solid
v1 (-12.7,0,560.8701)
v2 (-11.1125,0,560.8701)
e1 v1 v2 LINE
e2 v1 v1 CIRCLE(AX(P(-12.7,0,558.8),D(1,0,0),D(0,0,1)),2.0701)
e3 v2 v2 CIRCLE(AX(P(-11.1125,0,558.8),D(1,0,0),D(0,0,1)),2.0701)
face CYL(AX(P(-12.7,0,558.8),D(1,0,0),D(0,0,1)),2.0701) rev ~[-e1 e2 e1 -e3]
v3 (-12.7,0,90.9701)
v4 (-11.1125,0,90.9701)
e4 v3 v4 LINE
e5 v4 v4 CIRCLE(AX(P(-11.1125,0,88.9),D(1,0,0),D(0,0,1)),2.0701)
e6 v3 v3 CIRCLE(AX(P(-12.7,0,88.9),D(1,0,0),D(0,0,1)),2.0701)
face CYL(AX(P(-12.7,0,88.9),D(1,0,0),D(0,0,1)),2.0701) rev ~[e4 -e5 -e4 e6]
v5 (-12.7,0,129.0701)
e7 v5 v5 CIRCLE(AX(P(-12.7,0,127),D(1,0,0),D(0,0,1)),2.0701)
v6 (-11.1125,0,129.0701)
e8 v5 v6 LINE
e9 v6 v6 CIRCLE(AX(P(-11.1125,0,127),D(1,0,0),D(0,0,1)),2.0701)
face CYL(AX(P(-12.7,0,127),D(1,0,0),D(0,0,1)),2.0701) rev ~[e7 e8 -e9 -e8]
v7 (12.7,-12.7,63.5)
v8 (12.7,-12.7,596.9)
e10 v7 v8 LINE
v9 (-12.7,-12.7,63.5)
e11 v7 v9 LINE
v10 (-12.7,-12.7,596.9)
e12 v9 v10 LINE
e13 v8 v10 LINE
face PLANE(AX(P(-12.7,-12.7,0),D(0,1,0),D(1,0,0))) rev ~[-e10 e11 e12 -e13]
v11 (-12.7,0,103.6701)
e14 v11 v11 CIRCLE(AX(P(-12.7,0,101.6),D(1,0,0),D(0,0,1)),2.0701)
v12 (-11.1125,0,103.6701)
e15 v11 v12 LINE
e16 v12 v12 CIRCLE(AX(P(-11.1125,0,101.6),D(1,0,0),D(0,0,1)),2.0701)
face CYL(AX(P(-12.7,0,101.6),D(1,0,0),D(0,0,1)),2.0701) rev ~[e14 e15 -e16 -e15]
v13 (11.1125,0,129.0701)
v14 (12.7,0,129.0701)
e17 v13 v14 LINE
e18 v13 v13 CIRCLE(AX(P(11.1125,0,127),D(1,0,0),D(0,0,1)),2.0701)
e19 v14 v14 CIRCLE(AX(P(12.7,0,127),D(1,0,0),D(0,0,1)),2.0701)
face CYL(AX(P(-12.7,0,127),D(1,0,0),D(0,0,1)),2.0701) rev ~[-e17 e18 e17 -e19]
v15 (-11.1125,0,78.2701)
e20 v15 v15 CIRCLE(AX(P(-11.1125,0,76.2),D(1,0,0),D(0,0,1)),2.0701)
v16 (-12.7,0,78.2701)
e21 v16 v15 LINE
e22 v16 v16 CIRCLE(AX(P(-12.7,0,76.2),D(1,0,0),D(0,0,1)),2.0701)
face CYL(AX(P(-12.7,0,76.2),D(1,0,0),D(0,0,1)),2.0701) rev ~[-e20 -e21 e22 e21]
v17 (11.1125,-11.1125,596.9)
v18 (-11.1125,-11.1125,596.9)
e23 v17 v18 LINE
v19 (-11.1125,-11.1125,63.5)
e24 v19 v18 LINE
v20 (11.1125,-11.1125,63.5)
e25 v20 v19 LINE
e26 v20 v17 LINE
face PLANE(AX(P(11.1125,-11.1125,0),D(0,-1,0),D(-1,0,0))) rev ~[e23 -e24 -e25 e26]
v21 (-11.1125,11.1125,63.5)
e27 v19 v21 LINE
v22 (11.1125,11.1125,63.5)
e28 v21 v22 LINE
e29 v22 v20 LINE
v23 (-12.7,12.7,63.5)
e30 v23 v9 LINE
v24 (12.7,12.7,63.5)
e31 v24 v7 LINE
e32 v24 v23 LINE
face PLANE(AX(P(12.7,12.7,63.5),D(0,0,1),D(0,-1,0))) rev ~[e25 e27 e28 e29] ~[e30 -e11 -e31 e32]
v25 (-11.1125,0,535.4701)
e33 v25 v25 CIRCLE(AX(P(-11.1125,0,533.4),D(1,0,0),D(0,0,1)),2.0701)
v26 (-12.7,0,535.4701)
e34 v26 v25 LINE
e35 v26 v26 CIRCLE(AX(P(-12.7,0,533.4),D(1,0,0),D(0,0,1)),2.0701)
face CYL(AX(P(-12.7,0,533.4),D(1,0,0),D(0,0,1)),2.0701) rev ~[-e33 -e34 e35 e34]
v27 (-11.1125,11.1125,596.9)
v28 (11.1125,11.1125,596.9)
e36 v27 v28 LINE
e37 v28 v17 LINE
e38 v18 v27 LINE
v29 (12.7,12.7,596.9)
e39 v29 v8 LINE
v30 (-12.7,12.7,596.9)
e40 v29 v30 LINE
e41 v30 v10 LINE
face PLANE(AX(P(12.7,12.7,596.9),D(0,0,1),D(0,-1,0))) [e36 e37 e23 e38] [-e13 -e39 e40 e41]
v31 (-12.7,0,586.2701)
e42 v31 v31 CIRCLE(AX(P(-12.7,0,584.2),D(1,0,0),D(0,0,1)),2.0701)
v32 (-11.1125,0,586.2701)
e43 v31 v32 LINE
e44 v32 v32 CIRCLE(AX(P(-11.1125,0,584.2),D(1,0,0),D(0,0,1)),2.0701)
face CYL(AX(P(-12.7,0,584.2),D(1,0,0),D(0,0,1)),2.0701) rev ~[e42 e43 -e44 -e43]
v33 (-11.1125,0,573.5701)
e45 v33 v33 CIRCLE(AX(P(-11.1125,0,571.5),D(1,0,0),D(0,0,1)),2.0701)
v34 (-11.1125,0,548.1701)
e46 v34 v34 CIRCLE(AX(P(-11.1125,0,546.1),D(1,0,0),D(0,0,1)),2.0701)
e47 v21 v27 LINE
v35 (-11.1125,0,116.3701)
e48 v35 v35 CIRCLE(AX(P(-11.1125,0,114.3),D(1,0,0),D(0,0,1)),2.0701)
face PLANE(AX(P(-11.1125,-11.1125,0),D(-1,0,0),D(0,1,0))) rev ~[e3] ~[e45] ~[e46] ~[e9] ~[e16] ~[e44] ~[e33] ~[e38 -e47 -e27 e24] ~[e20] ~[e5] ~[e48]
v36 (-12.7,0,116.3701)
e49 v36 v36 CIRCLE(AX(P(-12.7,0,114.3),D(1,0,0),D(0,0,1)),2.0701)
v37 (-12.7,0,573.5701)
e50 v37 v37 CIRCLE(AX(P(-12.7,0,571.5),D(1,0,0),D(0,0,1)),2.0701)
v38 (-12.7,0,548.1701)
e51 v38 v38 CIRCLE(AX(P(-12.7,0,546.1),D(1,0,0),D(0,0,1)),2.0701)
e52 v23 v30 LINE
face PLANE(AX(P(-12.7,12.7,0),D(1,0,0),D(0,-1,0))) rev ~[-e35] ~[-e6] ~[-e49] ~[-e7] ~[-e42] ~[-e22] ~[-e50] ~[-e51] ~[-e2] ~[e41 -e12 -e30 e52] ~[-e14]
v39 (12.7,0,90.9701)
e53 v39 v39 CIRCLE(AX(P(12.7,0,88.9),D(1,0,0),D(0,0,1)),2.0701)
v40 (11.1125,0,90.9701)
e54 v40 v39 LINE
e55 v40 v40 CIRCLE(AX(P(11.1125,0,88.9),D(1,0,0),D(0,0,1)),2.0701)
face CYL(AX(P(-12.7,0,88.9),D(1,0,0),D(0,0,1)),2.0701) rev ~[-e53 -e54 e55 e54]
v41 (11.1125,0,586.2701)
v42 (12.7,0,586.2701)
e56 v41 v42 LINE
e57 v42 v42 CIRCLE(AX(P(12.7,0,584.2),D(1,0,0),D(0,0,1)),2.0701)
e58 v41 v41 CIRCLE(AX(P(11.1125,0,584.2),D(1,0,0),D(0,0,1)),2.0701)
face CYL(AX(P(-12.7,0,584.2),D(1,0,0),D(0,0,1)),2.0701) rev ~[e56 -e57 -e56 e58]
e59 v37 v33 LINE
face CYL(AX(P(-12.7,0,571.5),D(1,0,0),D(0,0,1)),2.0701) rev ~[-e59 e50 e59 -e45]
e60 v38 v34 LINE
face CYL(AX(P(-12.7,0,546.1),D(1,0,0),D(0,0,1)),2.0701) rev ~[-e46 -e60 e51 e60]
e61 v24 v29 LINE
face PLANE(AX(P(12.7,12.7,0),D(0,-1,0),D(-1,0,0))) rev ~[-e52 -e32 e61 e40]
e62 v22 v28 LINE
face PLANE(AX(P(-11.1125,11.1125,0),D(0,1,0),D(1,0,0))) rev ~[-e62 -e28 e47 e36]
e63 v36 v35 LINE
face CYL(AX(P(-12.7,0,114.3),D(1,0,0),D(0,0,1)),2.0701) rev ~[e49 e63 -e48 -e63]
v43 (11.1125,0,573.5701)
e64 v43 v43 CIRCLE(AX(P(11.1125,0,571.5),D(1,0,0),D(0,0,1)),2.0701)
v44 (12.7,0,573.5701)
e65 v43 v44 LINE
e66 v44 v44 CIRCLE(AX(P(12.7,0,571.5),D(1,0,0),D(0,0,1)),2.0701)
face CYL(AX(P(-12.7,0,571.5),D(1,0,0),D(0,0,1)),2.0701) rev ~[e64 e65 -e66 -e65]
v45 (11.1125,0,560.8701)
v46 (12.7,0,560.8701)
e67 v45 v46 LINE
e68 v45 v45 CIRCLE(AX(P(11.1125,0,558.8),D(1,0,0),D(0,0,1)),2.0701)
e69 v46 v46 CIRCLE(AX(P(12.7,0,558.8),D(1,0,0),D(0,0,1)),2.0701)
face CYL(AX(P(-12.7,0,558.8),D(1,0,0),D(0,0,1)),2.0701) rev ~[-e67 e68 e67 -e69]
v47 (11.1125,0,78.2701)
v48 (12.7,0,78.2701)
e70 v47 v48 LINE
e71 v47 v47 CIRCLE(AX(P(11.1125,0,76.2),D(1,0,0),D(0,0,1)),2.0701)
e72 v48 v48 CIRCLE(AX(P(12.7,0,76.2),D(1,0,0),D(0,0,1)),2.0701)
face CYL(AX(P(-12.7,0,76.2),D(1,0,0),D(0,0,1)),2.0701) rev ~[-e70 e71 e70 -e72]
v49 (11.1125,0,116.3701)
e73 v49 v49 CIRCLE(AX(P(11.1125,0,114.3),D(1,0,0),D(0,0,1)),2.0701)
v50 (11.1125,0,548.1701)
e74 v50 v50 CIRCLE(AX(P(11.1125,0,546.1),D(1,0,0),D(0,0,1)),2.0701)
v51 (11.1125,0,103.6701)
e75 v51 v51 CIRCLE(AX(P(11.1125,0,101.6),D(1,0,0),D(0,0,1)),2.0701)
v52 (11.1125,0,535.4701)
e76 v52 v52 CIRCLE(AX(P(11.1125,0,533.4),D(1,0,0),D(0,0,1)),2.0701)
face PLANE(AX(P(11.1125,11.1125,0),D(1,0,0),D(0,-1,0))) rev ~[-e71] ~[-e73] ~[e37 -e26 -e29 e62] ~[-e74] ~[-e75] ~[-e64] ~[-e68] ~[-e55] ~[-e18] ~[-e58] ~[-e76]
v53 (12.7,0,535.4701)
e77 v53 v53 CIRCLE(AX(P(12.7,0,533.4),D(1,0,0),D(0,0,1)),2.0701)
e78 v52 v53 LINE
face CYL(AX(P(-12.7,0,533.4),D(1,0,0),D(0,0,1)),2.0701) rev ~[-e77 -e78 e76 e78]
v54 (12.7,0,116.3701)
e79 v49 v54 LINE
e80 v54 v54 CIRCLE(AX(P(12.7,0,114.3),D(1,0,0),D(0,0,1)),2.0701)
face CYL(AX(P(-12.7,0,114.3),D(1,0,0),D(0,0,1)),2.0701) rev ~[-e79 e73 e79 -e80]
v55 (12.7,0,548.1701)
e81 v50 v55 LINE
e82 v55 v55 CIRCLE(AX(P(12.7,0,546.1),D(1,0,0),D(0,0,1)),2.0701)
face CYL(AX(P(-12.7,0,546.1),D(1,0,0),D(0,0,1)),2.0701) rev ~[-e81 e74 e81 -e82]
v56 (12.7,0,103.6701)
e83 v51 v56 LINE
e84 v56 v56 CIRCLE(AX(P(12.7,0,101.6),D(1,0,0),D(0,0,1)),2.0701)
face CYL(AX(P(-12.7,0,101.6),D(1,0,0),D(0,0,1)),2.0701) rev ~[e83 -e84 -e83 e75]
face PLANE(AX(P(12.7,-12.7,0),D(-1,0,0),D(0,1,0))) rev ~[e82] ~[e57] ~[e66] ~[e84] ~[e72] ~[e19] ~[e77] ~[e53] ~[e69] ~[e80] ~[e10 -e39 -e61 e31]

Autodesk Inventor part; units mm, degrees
ref_plane "YZ Plane" through (0, 0, 0) normal (1, 0, 0) x (0, 1, 0)
ref_plane "XZ Plane" through (0, 0, 0) normal (0, 1, 0) x (-1, 0, 0)
sketch "Sketch1" plane through (0, 0, 0) normal (0, 0, 1) x (1, 0, 0)
  line L0 (-12.7, -12.7) -> (12.7, -12.7)
  line L1 (12.7, -12.7) -> (12.7, 12.7)
  line L2 (12.7, 12.7) -> (-12.7, 12.7)
  line L3 (-12.7, 12.7) -> (-12.7, -12.7)
  line L4 (-12.7, -12.7) -> (12.7, 12.7) construction
  line L5 (12.7, -12.7) -> (-12.7, 12.7) construction
  line L6 (9.525, -9.525) -> (-9.525, -9.525)
  line L7 (-9.525, -9.525) -> (-9.525, 9.525)
  line L8 (-9.525, 9.525) -> (9.525, 9.525)
  line L9 (9.525, 9.525) -> (9.525, -9.525)
  line L10 (9.525, -9.525) -> (-9.525, 9.525) construction
  line L11 (-9.525, -9.525) -> (9.525, 9.525) construction
  point P0 (0, 0)
  dimension "d0" = 25.4
  dimension "d1" = 25.4
  dimension "d6" = 3.175
  dimension "d7" = 3.175
extrude "Extrusion1" add sketch "Sketch1" along normal blind 660.4
sketch "Sketch2" plane through (-12.7, -12.7, 0) normal (-1, 0, 0) x (0, 0, 1)
  line L0 (95.377, -0.127) -> (131.064, -0.127) projected
  line L1 (131.064, -0.127) -> (133.223, 2.032) projected
  line L2 (133.223, 2.032) -> (133.223, 23.114) projected
  line L3 (133.223, 23.114) -> (131.064, 25.273) projected
  line L4 (131.064, 25.273) -> (65.786, 25.273) projected
  line L5 (65.786, 25.273) -> (63.627, 23.114) projected
  line L6 (63.627, 23.114) -> (63.627, -42.164) projected
  line L7 (63.627, -42.164) -> (65.786, -44.323) projected
  line L8 (65.786, -44.323) -> (86.868, -44.323) projected
  line L9 (86.868, -44.323) -> (89.027, -42.164) projected
  line L10 (89.027, -6.477) -> (89.027, -42.164) projected
  arc A0 (95.377, -0.127) -> (89.027, -6.477) centre (95.377, -6.477) ccw projected
  circle A1 centre (127, 12.7) radius 2.0701 projected
  circle A2 centre (76.2, -25.4) radius 2.0701 projected
  circle A3 centre (76.2, 0) radius 2.0701 projected
  circle A4 centre (101.6, 12.7) radius 2.0701 projected
  circle A5 centre (76.2, 12.7) radius 2.0701 projected
  circle A6 centre (88.9, 12.7) radius 2.0701 projected
  circle A7 centre (114.3, 12.7) radius 2.0701 projected
  circle A8 centre (76.2, -12.7) radius 2.0701 projected
  circle A9 centre (76.2, -38.1) radius 2.0701 projected
  line L11 (527.177, 2.032) -> (527.177, 23.114) projected
  line L12 (527.177, 2.032) -> (529.336, -0.127) projected
  line L13 (565.023, -0.127) -> (529.336, -0.127) projected
  arc A10 (571.373, -6.477) -> (565.023, -0.127) centre (565.023, -6.477) ccw projected
  line L14 (571.373, -6.477) -> (571.373, -42.164) projected
  line L15 (571.373, -42.164) -> (573.532, -44.323) projected
  line L16 (594.614, -44.323) -> (573.532, -44.323) projected
  line L17 (594.614, -44.323) -> (596.773, -42.164) projected
  line L18 (596.773, 23.114) -> (596.773, -42.164) projected
  line L19 (596.773, 23.114) -> (594.614, 25.273) projected
  line L20 (529.336, 25.273) -> (594.614, 25.273) projected
  line L21 (529.336, 25.273) -> (527.177, 23.114) projected
  circle A11 centre (533.4, 12.7) radius 2.0701 projected
  circle A12 centre (584.2, -25.4) radius 2.0701 projected
  circle A13 centre (584.2, 0) radius 2.0701 projected
  circle A14 centre (558.8, 12.7) radius 2.0701 projected
  circle A15 centre (584.2, 12.7) radius 2.0701 projected
  circle A16 centre (571.5, 12.7) radius 2.0701 projected
  circle A17 centre (546.1, 12.7) radius 2.0701 projected
  circle A18 centre (584.2, -12.7) radius 2.0701 projected
  circle A19 centre (584.2, -38.1) radius 2.0701 projected
  point P0 (0, 12.7)
hole "Hole1" at (-12.7, 0, 127) at (-12.7, 0, 114.3) at (-12.7, 0, 101.6) at (-12.7, 0, 88.9) at (-12.7, 0, 76.2) at (-12.7, 0, 584.2) at (-12.7, 0, 571.5) at (-12.7, 0, 558.8) at (-12.7, 0, 546.1) at (-12.7, 0, 533.4) direction (1, 0, 0) diameter 4.1402 end through all
sketch "Sketch7" plane through (0, 0, 0) normal (0, 0, -1) x (-1, 0, 0)
  line L0 (9.525, 9.525) -> (9.525, -9.525) projected
  line L1 (9.525, -9.525) -> (-9.525, -9.525) projected
  line L2 (-9.525, -9.525) -> (-9.525, 9.525) projected
  line L3 (-9.525, 9.525) -> (9.525, 9.525) projected
  line L4 (-12.7, 12.7) -> (12.7, 12.7) projected
  line L5 (-11.1125, -11.1125) -> (11.1125, -11.1125)
  line L6 (11.1125, -11.1125) -> (11.1125, 11.1125)
  line L7 (11.1125, 11.1125) -> (-11.1125, 11.1125)
  line L8 (-11.1125, 11.1125) -> (-11.1125, -11.1125)
  line L9 (-11.1125, -11.1125) -> (11.1125, 11.1125) construction
  line L10 (11.1125, -11.1125) -> (-11.1125, 11.1125) construction
  point P0 (0, 0)
  dimension "d33" = 1.5875
extrude "Extrusion5" cut sketch "Sketch7" against normal through all
ref_plane "Work Plane1" through (17.4625, -12.7, 0) normal (1, 0, 0) x (0, 0, -1)
sketch "Sketch9" plane through (12.7, -12.7, 0) normal (1, 0, 0) x (0, 0, -1)
  line L0 (-660.4, 25.4) -> (-596.9, 25.4)
  line L1 (-596.9, 25.4) -> (-596.9, 0)
  line L2 (-596.9, 0) -> (-660.4, 0)
  line L3 (-660.4, 0) -> (-660.4, 25.4)
  line L4 (0, 25.4) -> (-63.5, 25.4)
  line L5 (-63.5, 25.4) -> (-63.5, 0)
  line L6 (-63.5, 0) -> (0, 0)
  line L7 (0, 0) -> (0, 25.4)
  line L8 (0, 0) -> (-660.4, 0) projected
  point P0 (0, 12.7)
  dimension "d42" = 63.5
  dimension "d43" = 63.5
extrude "Extrusion7" cut sketch "Sketch9" against normal through all
properties part number "C24R2_TK_ShooterPivotStock"
